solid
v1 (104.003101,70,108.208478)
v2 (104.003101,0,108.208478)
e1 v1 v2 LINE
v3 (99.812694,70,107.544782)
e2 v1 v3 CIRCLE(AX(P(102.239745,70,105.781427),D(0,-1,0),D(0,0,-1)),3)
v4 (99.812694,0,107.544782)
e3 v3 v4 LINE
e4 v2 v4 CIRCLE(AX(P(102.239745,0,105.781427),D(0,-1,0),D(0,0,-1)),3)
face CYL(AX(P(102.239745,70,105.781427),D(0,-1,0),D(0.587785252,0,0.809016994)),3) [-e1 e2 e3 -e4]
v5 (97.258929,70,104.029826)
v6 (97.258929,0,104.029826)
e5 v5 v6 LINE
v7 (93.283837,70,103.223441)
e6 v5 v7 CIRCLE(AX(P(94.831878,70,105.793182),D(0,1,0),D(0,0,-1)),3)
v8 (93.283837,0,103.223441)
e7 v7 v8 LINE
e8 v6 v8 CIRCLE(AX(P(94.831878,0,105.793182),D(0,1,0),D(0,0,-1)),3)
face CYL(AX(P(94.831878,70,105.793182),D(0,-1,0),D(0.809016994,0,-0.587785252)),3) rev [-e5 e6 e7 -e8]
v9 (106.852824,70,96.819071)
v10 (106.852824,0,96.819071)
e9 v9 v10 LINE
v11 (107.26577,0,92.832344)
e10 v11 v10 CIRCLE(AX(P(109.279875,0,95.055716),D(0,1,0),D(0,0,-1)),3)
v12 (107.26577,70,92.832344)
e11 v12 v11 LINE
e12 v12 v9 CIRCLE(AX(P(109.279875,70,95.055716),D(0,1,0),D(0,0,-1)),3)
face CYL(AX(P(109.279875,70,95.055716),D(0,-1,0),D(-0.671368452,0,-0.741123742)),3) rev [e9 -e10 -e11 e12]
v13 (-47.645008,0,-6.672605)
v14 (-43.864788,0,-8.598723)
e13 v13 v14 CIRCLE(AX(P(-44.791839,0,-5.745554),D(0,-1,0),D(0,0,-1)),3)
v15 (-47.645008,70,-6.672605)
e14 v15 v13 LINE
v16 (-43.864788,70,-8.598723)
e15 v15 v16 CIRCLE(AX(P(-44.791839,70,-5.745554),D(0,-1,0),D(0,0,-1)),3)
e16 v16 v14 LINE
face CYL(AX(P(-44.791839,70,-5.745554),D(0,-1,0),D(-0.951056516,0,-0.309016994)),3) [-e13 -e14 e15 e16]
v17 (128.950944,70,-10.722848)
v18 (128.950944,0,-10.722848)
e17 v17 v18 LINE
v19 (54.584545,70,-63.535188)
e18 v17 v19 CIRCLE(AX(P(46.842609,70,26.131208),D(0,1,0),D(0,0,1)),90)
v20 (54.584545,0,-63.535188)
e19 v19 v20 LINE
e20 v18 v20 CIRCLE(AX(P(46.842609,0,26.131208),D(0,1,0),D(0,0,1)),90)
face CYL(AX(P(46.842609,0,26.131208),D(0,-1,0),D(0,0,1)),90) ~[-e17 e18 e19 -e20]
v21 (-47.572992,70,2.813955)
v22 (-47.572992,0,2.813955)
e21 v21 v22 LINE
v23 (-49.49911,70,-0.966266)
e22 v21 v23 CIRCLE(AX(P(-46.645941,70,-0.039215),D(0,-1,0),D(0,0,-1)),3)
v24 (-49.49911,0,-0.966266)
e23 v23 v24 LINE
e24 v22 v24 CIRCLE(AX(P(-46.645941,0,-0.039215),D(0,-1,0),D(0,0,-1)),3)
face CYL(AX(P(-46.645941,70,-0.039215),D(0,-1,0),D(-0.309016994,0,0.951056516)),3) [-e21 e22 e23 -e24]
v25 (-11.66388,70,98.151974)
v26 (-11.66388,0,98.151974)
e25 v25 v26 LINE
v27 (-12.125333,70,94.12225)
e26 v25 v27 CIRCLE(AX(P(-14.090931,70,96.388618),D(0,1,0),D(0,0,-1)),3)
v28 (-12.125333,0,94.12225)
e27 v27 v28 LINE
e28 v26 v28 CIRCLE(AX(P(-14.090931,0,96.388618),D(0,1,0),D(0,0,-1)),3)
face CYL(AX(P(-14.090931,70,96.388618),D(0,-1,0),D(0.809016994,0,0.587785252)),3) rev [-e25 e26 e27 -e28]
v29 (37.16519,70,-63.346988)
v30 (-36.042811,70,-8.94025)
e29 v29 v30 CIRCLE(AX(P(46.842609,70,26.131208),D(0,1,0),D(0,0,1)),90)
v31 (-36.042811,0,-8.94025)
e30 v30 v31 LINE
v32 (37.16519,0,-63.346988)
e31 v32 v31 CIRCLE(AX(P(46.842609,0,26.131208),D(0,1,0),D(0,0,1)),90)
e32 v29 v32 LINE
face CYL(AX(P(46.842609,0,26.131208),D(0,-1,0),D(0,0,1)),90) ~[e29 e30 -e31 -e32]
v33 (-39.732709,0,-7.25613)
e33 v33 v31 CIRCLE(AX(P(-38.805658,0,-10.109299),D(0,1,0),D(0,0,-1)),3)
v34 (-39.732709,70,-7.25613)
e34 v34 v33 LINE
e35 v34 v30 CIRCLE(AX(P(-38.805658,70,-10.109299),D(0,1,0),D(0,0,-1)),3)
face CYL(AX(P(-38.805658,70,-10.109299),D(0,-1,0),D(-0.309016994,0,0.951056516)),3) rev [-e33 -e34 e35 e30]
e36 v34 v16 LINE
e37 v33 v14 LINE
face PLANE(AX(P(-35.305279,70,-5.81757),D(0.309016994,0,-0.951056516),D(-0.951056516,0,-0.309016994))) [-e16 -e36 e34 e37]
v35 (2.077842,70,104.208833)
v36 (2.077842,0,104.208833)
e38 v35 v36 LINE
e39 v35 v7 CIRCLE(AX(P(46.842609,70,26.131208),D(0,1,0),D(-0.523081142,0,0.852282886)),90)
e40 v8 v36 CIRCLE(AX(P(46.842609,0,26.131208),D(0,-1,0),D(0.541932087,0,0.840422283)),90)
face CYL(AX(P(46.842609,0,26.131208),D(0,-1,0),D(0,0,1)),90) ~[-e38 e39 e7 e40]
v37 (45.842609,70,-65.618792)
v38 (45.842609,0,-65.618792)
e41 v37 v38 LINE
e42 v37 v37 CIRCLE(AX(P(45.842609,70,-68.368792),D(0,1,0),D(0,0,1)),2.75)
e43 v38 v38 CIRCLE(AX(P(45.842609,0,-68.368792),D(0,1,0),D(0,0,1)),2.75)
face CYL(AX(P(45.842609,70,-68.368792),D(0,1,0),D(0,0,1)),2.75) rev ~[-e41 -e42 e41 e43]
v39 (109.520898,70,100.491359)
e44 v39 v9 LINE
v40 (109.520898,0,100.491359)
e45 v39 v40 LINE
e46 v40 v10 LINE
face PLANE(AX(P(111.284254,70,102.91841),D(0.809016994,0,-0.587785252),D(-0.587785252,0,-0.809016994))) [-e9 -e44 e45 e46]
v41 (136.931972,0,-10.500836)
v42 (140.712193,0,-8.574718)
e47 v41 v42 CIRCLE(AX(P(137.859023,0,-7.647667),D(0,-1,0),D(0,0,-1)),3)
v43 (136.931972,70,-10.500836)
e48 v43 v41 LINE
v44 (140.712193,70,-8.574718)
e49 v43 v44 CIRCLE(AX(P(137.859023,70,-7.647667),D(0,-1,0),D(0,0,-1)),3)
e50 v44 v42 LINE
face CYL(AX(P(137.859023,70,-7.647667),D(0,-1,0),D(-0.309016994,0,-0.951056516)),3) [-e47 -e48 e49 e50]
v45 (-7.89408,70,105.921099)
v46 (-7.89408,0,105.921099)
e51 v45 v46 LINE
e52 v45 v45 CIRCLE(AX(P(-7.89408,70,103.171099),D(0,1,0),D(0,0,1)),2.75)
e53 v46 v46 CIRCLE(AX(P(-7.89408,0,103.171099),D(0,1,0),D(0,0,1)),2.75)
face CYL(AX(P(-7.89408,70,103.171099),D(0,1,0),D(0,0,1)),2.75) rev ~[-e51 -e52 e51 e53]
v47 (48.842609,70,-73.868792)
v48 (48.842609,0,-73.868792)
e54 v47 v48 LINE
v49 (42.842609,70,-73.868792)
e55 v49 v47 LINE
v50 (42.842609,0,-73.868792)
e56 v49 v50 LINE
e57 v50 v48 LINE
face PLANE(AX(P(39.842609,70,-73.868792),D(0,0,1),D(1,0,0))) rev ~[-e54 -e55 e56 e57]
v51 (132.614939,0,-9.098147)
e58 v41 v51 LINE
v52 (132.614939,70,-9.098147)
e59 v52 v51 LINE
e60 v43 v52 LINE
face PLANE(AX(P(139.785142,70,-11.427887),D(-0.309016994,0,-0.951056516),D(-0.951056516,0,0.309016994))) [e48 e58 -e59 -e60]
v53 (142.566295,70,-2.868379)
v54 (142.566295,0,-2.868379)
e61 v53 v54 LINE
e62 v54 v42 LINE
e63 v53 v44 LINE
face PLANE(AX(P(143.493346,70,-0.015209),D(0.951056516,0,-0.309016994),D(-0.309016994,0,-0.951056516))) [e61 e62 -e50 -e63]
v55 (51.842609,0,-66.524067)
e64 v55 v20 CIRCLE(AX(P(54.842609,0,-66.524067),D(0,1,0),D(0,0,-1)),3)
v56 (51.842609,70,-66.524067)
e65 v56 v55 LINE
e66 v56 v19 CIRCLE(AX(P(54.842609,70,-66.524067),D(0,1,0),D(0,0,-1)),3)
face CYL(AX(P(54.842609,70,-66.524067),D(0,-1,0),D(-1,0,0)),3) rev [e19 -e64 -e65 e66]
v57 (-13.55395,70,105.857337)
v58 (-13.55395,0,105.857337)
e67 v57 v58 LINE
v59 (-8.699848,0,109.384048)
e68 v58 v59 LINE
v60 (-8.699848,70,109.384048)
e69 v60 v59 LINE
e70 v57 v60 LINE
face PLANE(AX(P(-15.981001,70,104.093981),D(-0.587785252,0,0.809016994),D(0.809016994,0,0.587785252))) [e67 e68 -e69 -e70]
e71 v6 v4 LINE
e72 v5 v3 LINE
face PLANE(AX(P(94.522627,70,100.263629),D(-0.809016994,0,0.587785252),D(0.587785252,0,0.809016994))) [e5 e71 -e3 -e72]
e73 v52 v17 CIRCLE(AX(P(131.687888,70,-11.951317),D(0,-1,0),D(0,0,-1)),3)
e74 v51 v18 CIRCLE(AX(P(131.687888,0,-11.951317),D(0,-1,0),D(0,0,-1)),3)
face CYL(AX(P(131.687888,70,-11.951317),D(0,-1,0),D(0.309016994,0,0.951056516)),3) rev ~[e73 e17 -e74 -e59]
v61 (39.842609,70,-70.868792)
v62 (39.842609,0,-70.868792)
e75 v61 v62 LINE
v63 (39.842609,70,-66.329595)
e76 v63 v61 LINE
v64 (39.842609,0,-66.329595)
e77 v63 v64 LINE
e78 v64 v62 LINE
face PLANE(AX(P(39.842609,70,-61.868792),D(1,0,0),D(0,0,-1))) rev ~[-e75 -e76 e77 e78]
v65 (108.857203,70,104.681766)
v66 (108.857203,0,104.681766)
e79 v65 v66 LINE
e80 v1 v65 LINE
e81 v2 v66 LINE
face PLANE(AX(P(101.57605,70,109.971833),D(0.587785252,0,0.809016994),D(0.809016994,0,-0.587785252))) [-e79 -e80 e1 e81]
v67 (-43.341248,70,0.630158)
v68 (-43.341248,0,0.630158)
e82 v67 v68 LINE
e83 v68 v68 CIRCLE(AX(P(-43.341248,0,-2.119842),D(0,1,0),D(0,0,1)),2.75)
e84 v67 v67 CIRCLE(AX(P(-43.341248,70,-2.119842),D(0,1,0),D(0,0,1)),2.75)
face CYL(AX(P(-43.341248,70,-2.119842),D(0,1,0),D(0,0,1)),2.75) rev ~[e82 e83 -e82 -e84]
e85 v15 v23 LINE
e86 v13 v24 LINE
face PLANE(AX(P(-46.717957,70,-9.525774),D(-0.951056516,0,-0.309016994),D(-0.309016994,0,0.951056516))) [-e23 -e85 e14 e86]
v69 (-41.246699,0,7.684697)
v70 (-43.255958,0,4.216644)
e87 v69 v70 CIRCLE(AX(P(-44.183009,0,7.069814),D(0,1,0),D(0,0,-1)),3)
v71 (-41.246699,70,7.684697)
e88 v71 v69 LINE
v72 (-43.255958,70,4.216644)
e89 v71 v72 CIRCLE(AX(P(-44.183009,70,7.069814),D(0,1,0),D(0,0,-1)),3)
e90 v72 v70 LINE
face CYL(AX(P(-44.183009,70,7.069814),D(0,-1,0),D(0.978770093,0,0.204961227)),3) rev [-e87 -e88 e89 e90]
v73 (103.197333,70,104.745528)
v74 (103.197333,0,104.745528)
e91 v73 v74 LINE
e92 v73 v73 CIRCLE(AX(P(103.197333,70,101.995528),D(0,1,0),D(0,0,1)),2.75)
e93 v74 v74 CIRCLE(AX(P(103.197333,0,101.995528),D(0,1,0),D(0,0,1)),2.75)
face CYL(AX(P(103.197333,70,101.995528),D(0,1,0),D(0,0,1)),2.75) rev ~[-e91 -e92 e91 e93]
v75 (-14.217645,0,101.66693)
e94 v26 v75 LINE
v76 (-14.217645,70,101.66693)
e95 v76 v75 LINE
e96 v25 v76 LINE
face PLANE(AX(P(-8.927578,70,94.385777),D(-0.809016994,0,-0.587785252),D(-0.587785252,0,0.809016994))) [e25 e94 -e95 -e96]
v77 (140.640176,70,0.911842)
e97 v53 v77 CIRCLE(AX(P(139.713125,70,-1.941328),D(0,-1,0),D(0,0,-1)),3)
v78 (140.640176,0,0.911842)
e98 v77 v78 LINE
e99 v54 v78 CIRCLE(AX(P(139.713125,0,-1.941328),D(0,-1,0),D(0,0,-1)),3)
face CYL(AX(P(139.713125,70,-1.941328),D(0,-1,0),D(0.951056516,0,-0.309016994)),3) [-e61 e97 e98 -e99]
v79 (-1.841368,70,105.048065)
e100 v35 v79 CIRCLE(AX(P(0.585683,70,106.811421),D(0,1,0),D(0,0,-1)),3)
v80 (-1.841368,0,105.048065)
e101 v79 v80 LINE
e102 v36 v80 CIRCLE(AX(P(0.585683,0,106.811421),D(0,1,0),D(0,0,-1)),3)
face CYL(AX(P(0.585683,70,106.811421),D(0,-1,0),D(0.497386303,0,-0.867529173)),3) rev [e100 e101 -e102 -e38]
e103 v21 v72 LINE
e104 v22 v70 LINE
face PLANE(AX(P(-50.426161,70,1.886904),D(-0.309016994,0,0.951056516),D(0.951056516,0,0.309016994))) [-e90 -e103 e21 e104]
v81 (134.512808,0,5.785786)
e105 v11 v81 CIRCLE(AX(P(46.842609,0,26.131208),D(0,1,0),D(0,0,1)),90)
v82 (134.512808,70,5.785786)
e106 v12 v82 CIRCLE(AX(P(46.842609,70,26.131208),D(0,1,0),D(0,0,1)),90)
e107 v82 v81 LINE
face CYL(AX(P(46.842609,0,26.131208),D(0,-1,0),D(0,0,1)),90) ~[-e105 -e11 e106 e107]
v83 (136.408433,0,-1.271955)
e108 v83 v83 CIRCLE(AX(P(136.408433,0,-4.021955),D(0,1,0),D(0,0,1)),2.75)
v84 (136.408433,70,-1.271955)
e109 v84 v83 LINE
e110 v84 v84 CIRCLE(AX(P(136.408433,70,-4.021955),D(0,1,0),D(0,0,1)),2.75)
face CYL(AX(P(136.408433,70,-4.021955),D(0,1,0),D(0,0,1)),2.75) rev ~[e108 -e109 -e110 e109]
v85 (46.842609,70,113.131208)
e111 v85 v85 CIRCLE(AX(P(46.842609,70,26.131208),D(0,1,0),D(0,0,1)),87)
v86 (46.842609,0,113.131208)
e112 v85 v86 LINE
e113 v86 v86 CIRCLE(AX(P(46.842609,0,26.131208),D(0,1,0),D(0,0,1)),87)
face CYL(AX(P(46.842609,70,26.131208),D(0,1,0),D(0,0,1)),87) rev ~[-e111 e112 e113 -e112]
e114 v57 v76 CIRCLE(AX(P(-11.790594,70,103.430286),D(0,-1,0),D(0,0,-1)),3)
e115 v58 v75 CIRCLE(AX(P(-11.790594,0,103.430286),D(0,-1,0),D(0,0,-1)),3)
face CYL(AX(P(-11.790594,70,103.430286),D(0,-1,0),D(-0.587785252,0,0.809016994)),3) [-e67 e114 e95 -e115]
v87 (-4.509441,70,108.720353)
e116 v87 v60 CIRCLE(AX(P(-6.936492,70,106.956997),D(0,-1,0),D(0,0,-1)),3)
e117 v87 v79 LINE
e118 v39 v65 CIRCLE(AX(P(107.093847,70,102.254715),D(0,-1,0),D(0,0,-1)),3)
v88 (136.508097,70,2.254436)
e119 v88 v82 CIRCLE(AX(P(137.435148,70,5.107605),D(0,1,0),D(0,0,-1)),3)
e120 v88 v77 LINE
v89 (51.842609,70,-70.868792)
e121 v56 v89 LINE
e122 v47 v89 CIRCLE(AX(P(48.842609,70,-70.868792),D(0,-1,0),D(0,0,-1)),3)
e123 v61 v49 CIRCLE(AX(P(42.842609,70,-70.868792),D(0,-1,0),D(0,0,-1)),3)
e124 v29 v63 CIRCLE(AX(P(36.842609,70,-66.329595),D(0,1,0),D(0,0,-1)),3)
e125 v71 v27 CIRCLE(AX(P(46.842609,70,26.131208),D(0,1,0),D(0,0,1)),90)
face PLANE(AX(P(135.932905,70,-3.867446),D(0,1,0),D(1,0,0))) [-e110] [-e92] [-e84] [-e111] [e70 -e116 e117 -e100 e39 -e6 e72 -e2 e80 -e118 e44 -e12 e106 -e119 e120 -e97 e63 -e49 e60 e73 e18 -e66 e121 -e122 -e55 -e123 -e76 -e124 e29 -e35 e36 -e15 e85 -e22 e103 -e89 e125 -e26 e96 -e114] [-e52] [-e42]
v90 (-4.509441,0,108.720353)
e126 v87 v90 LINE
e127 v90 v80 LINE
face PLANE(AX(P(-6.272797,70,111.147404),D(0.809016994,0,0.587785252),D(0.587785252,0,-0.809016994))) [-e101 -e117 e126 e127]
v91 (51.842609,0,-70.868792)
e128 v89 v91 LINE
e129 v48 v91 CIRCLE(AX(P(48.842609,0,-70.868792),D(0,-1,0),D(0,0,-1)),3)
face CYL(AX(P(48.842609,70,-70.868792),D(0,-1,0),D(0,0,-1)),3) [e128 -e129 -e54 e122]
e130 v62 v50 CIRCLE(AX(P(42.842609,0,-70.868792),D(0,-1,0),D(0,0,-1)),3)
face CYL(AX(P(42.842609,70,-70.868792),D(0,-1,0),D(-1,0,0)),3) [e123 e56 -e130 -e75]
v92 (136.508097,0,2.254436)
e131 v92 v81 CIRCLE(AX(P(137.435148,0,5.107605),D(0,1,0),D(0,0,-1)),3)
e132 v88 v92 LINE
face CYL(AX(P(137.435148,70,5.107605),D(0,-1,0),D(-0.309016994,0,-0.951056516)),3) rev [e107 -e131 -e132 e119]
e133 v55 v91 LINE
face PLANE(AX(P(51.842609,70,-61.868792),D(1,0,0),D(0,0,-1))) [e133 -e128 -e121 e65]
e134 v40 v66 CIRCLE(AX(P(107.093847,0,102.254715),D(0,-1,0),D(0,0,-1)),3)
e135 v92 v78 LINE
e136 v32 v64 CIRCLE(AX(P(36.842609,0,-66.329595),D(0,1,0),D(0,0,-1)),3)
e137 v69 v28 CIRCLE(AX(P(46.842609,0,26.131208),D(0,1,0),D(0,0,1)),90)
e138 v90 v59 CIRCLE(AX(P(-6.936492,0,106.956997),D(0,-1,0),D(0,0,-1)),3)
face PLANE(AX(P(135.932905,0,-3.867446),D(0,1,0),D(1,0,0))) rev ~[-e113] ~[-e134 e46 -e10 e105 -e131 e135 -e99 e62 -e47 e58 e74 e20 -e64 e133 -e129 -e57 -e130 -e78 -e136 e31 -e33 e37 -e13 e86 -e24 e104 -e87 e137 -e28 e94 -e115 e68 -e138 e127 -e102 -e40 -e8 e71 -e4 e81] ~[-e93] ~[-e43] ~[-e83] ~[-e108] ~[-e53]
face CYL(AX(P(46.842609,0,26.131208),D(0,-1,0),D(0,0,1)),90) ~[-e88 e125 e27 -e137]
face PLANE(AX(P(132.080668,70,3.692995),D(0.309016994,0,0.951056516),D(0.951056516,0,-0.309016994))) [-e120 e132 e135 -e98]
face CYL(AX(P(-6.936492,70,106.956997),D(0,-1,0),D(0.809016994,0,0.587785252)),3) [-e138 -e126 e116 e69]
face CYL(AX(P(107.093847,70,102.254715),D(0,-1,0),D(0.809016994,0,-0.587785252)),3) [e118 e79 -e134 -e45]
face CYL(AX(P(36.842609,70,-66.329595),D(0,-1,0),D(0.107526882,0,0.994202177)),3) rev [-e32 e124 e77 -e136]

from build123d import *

# Parameters (mm, degrees)
SKETCH1_R           = 90
BOSS_EXTRUDE1_DEPTH = 70
SKETCH3_W           = 12
SKETCH3_H           = 12
BOSS_EXTRUDE2_DEPTH = 70
FILLET1_R           = 3
SKETCH2_R           = 87
CUT_EXTRUDE3_DEPTH  = 197.859070299
SKETCH5_R           = 2.75
CUT_EXTRUDE4_DEPTH  = 197.859070299


with BuildPart() as part:
    # Sketch1 → Boss-Extrude1 (new body)
    with BuildSketch(Plane(origin=(0, 0, 0), x_dir=(1, 0, 0), z_dir=(0, 1, 0))):
        with Locations(Location((46.842609329, -26.131207683, 0), (0, 0, 270))):
            Circle(SKETCH1_R)
    extrude(amount=BOSS_EXTRUDE1_DEPTH)

    # Sketch3 → Boss-Extrude2 (add)
    with BuildSketch(Plane(origin=(0, 70, 0), x_dir=(1, 0, 0), z_dir=(0, 1, 0))):
        Polygon((139.785141997, 11.427887368), (128.372463802, 7.719683436), (132.080667734, -3.69299476), (143.49334593, 0.015209173), align=None)
        with Locations((45.842609329, 67.868792317)):
            Rectangle(SKETCH3_W, SKETCH3_H)
        Polygon((111.284253518, -102.918410355), (104.230830491, -93.210206422), (94.522626558, -100.26362945), (101.576049586, -109.971833382), align=None)
        Polygon((-6.27279694, -111.147403887), (0.780626087, -101.439199954), (-8.927577845, -94.385776927), (-15.981000873, -104.093980859), align=None)
        Polygon((-50.426161262, -1.88690386), (-39.013483066, -5.595107792), (-35.305279134, 5.817570403), (-46.717957329, 9.525774336), align=None)
    extrude(amount=-BOSS_EXTRUDE2_DEPTH)

    # Fillet1
    fillet1_edges = [part.edges().sort_by_distance(p)[0] for p in [
        (51.842609329, 35, -73.868792317),
        (39.842609329, 35, -63.59615715),
        (39.842609329, 35, -73.868792317),
        (51.842609329, 35, -63.729796095),
        (143.49334593, 35, -0.015209173),
        (139.785141997, 35, -11.427887368),
        (133.850587504, 35, 3.117912966),
        (130.015285383, 35, -8.253468525),
        (101.576049586, 35, 109.971833382),
        (111.284253518, 35, 102.918410355),
        (95.616497134, 35, 101.769213133),
        (105.246150065, 35, 94.607673928),
        (-15.981000873, 35, 104.093980859),
        (-6.27279694, 35, 111.147403887),
        (-10.02144842, 35, 95.89136061),
        (-0.234693487, 35, 102.83666746),
        (-46.717957329, 35, -9.525774336),
        (-50.426161262, 35, 1.88690386),
        (-37.075198904, 35, -6.392652197),
        (-40.656304647, 35, 5.061322703),
    ]]
    fillet(fillet1_edges, radius=FILLET1_R)

    # Sketch2 → Cut-Extrude3 (cut, through all)
    with BuildSketch(Plane(origin=(0, 70, 0), x_dir=(1, 0, 0), z_dir=(0, 1, 0))):
        with Locations(Location((46.842609329, -26.131207683, 0), (0, 0, 270))):
            Circle(SKETCH2_R)
    extrude(amount=-CUT_EXTRUDE3_DEPTH, mode=Mode.SUBTRACT)

    # Sketch5 → Cut-Extrude4 (cut, through all)
    with BuildSketch(Plane(origin=(0, 70, 0), x_dir=(1, 0, 0), z_dir=(0, 1, 0))):
        with Locations(Location((103.197332665, -101.995528399, 0), (0, 0, 270))):
            Circle(SKETCH5_R)
        with Locations(Location((-7.894080019, -103.171098904, 0), (0, 0, 270))):
            Circle(SKETCH5_R)
        with Locations(Location((-43.341248456, 2.119841769, 0), (0, 0, 270))):
            Circle(SKETCH5_R)
        with Locations(Location((45.842609329, 68.368792317, 0), (0, 0, 270))):
            Circle(SKETCH5_R)
        with Locations(Location((136.408433124, 4.021954801, 0), (0, 0, 270))):
            Circle(SKETCH5_R)
    extrude(amount=-CUT_EXTRUDE4_DEPTH, mode=Mode.SUBTRACT)


solid = part.part
